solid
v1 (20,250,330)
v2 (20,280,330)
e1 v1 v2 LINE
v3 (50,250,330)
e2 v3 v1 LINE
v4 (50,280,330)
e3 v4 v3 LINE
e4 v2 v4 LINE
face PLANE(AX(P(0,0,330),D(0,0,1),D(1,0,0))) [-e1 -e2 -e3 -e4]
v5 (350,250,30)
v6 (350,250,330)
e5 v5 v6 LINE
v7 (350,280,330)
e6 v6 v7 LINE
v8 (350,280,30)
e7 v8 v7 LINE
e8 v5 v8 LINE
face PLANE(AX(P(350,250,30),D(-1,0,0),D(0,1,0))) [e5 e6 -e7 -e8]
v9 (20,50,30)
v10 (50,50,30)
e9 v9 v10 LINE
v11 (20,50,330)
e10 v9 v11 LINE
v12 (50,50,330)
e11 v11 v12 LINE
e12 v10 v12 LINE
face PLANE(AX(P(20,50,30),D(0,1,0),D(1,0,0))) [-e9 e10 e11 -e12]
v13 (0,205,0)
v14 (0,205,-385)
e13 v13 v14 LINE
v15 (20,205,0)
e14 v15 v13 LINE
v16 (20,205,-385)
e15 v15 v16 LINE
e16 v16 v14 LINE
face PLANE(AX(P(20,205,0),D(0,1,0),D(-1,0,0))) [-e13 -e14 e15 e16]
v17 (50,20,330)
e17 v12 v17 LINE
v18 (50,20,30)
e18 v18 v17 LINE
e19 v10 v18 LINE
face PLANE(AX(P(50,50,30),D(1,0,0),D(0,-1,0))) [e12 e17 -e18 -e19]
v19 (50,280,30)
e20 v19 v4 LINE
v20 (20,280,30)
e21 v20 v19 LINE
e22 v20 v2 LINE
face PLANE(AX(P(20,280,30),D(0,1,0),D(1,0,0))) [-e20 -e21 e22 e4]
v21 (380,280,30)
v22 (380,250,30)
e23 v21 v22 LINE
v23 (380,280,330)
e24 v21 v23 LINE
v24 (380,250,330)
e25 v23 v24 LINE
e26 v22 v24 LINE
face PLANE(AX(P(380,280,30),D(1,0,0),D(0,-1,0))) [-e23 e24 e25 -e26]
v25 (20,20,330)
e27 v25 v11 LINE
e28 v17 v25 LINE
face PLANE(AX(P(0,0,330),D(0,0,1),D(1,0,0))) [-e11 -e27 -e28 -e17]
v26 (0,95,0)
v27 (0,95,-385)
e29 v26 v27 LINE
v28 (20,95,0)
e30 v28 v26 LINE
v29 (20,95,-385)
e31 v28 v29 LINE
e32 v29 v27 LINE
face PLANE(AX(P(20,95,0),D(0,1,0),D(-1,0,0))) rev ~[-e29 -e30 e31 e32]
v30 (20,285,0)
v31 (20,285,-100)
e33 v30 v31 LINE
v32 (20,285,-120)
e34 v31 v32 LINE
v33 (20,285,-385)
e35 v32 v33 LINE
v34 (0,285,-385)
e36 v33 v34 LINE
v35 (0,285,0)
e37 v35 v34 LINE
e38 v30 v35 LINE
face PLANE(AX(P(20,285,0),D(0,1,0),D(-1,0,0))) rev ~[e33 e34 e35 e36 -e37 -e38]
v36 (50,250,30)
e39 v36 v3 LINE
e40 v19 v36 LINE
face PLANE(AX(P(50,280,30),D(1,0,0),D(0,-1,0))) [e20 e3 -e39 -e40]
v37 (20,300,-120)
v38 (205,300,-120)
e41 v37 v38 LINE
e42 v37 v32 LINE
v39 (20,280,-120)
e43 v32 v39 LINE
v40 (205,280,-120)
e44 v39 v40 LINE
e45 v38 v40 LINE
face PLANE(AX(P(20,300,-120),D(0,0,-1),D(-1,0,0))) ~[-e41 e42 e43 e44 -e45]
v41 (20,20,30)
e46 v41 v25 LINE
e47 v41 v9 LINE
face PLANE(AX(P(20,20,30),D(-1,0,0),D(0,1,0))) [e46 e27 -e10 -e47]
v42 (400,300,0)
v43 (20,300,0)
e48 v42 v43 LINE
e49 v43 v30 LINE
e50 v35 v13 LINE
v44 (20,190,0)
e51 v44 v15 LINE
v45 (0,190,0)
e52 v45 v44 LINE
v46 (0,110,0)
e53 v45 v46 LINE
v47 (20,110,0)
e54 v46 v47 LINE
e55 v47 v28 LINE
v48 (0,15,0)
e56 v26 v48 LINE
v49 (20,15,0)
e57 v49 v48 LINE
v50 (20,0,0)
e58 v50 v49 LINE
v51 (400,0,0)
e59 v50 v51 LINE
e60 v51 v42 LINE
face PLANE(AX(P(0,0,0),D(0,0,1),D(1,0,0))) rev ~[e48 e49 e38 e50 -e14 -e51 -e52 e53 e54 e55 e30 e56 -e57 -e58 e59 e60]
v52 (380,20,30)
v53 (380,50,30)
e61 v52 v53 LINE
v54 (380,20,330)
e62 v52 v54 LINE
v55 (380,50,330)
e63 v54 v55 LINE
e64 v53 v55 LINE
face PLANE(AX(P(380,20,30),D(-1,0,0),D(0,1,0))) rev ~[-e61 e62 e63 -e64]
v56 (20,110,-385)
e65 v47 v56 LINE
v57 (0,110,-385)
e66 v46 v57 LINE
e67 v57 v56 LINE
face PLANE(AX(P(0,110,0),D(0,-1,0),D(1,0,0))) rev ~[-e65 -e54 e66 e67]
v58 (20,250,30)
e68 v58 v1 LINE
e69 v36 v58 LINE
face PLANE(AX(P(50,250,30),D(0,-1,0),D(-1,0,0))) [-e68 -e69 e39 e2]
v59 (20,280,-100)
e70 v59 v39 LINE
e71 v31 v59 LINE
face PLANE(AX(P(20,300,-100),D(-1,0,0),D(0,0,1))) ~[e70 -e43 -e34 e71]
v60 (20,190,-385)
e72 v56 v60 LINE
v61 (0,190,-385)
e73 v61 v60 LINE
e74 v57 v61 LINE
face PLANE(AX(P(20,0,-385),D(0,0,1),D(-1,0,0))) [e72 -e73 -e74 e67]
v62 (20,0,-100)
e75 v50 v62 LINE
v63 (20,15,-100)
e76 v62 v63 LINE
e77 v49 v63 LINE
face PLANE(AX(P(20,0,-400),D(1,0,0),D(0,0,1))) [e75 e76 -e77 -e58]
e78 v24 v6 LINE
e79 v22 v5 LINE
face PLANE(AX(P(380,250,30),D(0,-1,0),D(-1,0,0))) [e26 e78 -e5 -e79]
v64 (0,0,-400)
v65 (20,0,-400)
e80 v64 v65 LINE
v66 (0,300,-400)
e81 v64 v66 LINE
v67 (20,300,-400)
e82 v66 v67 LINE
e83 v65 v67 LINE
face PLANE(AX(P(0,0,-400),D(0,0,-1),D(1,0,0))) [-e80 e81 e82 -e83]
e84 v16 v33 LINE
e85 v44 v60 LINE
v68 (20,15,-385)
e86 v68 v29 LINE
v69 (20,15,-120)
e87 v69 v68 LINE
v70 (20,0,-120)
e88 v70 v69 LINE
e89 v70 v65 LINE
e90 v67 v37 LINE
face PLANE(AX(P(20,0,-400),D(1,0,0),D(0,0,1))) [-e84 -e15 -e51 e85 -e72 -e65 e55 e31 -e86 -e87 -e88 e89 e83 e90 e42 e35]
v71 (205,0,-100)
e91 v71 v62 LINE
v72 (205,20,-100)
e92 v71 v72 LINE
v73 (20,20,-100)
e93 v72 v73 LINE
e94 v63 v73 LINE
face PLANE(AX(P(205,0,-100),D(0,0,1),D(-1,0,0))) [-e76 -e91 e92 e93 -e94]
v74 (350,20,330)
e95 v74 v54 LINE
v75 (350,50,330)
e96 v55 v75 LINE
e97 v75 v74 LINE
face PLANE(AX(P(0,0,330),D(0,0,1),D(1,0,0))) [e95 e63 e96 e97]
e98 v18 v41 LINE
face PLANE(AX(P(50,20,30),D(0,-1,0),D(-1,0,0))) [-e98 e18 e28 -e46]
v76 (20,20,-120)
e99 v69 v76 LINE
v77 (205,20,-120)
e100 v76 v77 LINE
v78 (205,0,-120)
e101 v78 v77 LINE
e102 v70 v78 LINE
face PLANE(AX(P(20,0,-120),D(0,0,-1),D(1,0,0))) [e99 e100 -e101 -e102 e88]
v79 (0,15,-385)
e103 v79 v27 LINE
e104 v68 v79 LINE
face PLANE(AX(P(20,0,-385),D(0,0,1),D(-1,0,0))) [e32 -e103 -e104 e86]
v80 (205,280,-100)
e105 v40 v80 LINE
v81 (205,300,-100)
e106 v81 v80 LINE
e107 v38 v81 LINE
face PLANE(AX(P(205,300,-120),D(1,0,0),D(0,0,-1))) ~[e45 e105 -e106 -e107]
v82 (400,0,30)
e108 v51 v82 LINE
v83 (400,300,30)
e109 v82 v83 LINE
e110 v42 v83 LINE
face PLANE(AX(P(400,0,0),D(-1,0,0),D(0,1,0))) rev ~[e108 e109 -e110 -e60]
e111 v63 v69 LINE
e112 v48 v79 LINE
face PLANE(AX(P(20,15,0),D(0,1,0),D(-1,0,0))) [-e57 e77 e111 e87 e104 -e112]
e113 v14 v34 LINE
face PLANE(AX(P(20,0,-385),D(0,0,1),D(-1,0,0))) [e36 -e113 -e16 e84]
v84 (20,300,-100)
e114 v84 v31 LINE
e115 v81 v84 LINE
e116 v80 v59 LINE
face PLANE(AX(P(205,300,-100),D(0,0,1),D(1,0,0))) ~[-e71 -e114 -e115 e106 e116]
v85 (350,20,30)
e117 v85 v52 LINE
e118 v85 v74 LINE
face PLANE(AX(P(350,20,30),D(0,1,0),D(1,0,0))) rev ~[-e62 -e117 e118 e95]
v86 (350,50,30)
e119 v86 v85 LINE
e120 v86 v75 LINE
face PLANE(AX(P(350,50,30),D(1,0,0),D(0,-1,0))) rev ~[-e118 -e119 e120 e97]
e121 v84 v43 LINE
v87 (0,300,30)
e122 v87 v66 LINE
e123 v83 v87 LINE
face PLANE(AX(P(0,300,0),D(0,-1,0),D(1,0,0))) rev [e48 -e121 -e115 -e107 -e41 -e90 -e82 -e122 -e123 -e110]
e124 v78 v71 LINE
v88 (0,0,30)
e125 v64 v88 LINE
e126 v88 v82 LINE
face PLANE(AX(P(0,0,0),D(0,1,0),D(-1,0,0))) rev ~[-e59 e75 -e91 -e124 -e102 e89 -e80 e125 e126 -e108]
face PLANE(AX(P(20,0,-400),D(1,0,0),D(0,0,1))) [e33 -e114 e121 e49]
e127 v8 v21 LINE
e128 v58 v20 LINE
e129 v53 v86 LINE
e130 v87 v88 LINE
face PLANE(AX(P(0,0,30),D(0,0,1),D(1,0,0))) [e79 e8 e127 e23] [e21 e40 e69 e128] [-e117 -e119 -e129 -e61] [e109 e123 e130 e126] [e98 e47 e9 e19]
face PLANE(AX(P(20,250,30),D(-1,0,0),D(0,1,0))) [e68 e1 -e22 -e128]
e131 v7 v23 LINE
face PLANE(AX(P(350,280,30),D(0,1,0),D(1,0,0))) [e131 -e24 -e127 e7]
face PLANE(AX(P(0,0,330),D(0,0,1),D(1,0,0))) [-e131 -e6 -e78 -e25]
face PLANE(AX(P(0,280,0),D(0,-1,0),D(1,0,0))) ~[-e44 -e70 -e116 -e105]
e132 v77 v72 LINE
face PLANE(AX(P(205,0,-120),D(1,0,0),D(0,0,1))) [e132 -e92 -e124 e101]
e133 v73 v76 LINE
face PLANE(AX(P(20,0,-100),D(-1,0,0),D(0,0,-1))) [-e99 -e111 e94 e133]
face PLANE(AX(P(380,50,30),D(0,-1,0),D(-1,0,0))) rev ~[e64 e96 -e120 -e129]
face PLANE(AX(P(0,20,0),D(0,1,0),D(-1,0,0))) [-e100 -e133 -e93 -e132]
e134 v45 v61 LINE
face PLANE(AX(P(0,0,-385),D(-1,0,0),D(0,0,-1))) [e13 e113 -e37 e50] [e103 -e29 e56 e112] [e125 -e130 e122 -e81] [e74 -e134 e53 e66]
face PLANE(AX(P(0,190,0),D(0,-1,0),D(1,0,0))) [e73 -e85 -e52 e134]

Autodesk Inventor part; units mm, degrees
ref_plane "YZ Plane" through (0, 0, 0) normal (1, 0, 0) x (0, 1, 0)
ref_plane "XY Plane" through (0, 0, 0) normal (0, 0, 1) x (1, 0, 0)
sketch "Sketch1" plane through (0, 0, 0) normal (0, 0, 1) x (1, 0, 0)
  line L0 (0, 0) -> (400, 0)
  line L1 (400, 0) -> (400, 300)
  line L2 (400, 300) -> (0, 300)
  line L3 (0, 300) -> (0, 0)
  dimension "d0" = 400
  dimension "d1" = 300
extrude "Extrusion1" add sketch "Sketch1" along normal blind 30
sketch "Sketch2" plane through (0, 0, 30) normal (0, 0, 1) x (1, 0, 0)
  line L0 (20, 280) -> (50, 280)
  line L1 (50, 280) -> (50, 250)
  line L2 (50, 250) -> (20, 250)
  line L3 (20, 250) -> (20, 280)
  line L4 (350, 280) -> (380, 280)
  line L5 (380, 280) -> (380, 250)
  line L6 (380, 250) -> (350, 250)
  line L7 (350, 250) -> (350, 280)
  line L8 (350, 20) -> (380, 20)
  line L9 (380, 20) -> (380, 50)
  line L10 (380, 50) -> (350, 50)
  line L11 (350, 50) -> (350, 20)
  line L12 (0, 300) -> (0, 0) projected
  line L13 (400, 300) -> (0, 300) projected
  line L14 (400, 0) -> (400, 300) projected
  line L15 (0, 0) -> (400, 0) projected
  line L16 (20, 50) -> (50, 50)
  line L17 (50, 50) -> (50, 20)
  line L18 (50, 20) -> (20, 20)
  line L19 (20, 20) -> (20, 50)
  dimension "d4" = 30
  dimension "d5" = 30
  dimension "d6" = 30
  dimension "d7" = 30
  dimension "d10" = 30
  dimension "d11" = 30
  dimension "d12" = 20
  dimension "d13" = 20
  dimension "d14" = 20
  dimension "d15" = 20
  dimension "d16" = 20
  dimension "d17" = 30
  dimension "d18" = 30
  dimension "d19" = 20
  dimension "d20" = 20
extrude "Extrusion2" add sketch "Sketch2" along normal blind 300 contours L0 L1 L2 L3 | L4 L5 L6 L7 | L11 L10 L9 L8 | L16 L17 L18 L19
sketch "Sketch3" plane through (0, 0, 0) normal (0, 0, -1) x (-1, 0, 0)
  line L0 (-400, 300) -> (0, 300) projected
  line L1 (0, 300) -> (-20, 300)
  line L2 (-20, 300) -> (-20, 285)
  line L3 (-20, 285) -> (0, 285)
  line L4 (0, 285) -> (0, 300)
  line L5 (0, 300) -> (0, 0) projected
  line L6 (-20, 20) -> (-50, 20) projected
  line L7 (0, 0) -> (-20, 0)
  line L8 (0, 190) -> (-20, 190)
  line L9 (-20, 190) -> (-20, 205)
  line L10 (-20, 205) -> (0, 205)
  line L11 (0, 205) -> (0, 190)
  line L12 (0, 110) -> (-20, 110)
  line L13 (-20, 110) -> (-20, 95)
  line L14 (-20, 95) -> (0, 95)
  line L15 (0, 95) -> (0, 110)
  line L16 (0, 0) -> (-20, 0)
  line L17 (-20, 0) -> (-20, 15)
  line L18 (-20, 15) -> (0, 15)
  line L19 (0, 15) -> (0, 0)
  point P0 (0, 95)
  point P1 (0, 205)
  dimension "d31" = 20
  dimension "d32" = 15
  dimension "d33" = 20
  dimension "d34" = 15
  dimension "d35" = 20
  dimension "d36" = 15
  dimension "d37" = 15
  dimension "d38" = 20
  dimension "d39" = 80
  dimension "d40" = 80
  dimension "d41" = 80
extrude "Extrusion3" add sketch "Sketch3" along normal blind 385
sketch "Sketch4" plane through (0, 0, 0) normal (0, 1, 0) x (-1, 0, 0)
  line L0 (-20, 0) -> (-20, -385) projected
  line L1 (0, -400) -> (-20, -400)
  line L2 (-20, -400) -> (-20, -385)
  line L3 (-20, -385) -> (0, -385)
  line L4 (0, -385) -> (0, -400)
  point P0 (0, 0)
  dimension "d44" = 20
  dimension "d45" = 15
extrude "Extrusion4" add sketch "Sketch4" along normal blind 300
sketch "Sketch5" plane through (0, 0, 0) normal (0, 1, 0) x (-1, 0, 0)
  line L0 (-20, 0) -> (-20, -385) projected
  line L1 (-20, -120) -> (-205, -120)
  line L2 (-205, -120) -> (-205, -100)
  line L3 (-205, -100) -> (-20, -100)
  line L4 (-20, -100) -> (-20, -120)
  line L5 (-400, 0) -> (-20, 0) projected
  point P0 (0, 0)
  point P1 (-20, -100)
  dimension "d48" = 185
  dimension "d49" = 20
  dimension "d50" = 100
ref_plane "Work Plane1" through (0, 150, 0) normal (0, 1, 0) x (-1, 0, 0)
extrude "Extrusion5" add sketch "Sketch5" along normal blind 20
mirror "Mirror1" about plane through (0, 150, 0) normal (0, 1, 0) of "Extrusion5"
properties part number "Maitri_chair"
